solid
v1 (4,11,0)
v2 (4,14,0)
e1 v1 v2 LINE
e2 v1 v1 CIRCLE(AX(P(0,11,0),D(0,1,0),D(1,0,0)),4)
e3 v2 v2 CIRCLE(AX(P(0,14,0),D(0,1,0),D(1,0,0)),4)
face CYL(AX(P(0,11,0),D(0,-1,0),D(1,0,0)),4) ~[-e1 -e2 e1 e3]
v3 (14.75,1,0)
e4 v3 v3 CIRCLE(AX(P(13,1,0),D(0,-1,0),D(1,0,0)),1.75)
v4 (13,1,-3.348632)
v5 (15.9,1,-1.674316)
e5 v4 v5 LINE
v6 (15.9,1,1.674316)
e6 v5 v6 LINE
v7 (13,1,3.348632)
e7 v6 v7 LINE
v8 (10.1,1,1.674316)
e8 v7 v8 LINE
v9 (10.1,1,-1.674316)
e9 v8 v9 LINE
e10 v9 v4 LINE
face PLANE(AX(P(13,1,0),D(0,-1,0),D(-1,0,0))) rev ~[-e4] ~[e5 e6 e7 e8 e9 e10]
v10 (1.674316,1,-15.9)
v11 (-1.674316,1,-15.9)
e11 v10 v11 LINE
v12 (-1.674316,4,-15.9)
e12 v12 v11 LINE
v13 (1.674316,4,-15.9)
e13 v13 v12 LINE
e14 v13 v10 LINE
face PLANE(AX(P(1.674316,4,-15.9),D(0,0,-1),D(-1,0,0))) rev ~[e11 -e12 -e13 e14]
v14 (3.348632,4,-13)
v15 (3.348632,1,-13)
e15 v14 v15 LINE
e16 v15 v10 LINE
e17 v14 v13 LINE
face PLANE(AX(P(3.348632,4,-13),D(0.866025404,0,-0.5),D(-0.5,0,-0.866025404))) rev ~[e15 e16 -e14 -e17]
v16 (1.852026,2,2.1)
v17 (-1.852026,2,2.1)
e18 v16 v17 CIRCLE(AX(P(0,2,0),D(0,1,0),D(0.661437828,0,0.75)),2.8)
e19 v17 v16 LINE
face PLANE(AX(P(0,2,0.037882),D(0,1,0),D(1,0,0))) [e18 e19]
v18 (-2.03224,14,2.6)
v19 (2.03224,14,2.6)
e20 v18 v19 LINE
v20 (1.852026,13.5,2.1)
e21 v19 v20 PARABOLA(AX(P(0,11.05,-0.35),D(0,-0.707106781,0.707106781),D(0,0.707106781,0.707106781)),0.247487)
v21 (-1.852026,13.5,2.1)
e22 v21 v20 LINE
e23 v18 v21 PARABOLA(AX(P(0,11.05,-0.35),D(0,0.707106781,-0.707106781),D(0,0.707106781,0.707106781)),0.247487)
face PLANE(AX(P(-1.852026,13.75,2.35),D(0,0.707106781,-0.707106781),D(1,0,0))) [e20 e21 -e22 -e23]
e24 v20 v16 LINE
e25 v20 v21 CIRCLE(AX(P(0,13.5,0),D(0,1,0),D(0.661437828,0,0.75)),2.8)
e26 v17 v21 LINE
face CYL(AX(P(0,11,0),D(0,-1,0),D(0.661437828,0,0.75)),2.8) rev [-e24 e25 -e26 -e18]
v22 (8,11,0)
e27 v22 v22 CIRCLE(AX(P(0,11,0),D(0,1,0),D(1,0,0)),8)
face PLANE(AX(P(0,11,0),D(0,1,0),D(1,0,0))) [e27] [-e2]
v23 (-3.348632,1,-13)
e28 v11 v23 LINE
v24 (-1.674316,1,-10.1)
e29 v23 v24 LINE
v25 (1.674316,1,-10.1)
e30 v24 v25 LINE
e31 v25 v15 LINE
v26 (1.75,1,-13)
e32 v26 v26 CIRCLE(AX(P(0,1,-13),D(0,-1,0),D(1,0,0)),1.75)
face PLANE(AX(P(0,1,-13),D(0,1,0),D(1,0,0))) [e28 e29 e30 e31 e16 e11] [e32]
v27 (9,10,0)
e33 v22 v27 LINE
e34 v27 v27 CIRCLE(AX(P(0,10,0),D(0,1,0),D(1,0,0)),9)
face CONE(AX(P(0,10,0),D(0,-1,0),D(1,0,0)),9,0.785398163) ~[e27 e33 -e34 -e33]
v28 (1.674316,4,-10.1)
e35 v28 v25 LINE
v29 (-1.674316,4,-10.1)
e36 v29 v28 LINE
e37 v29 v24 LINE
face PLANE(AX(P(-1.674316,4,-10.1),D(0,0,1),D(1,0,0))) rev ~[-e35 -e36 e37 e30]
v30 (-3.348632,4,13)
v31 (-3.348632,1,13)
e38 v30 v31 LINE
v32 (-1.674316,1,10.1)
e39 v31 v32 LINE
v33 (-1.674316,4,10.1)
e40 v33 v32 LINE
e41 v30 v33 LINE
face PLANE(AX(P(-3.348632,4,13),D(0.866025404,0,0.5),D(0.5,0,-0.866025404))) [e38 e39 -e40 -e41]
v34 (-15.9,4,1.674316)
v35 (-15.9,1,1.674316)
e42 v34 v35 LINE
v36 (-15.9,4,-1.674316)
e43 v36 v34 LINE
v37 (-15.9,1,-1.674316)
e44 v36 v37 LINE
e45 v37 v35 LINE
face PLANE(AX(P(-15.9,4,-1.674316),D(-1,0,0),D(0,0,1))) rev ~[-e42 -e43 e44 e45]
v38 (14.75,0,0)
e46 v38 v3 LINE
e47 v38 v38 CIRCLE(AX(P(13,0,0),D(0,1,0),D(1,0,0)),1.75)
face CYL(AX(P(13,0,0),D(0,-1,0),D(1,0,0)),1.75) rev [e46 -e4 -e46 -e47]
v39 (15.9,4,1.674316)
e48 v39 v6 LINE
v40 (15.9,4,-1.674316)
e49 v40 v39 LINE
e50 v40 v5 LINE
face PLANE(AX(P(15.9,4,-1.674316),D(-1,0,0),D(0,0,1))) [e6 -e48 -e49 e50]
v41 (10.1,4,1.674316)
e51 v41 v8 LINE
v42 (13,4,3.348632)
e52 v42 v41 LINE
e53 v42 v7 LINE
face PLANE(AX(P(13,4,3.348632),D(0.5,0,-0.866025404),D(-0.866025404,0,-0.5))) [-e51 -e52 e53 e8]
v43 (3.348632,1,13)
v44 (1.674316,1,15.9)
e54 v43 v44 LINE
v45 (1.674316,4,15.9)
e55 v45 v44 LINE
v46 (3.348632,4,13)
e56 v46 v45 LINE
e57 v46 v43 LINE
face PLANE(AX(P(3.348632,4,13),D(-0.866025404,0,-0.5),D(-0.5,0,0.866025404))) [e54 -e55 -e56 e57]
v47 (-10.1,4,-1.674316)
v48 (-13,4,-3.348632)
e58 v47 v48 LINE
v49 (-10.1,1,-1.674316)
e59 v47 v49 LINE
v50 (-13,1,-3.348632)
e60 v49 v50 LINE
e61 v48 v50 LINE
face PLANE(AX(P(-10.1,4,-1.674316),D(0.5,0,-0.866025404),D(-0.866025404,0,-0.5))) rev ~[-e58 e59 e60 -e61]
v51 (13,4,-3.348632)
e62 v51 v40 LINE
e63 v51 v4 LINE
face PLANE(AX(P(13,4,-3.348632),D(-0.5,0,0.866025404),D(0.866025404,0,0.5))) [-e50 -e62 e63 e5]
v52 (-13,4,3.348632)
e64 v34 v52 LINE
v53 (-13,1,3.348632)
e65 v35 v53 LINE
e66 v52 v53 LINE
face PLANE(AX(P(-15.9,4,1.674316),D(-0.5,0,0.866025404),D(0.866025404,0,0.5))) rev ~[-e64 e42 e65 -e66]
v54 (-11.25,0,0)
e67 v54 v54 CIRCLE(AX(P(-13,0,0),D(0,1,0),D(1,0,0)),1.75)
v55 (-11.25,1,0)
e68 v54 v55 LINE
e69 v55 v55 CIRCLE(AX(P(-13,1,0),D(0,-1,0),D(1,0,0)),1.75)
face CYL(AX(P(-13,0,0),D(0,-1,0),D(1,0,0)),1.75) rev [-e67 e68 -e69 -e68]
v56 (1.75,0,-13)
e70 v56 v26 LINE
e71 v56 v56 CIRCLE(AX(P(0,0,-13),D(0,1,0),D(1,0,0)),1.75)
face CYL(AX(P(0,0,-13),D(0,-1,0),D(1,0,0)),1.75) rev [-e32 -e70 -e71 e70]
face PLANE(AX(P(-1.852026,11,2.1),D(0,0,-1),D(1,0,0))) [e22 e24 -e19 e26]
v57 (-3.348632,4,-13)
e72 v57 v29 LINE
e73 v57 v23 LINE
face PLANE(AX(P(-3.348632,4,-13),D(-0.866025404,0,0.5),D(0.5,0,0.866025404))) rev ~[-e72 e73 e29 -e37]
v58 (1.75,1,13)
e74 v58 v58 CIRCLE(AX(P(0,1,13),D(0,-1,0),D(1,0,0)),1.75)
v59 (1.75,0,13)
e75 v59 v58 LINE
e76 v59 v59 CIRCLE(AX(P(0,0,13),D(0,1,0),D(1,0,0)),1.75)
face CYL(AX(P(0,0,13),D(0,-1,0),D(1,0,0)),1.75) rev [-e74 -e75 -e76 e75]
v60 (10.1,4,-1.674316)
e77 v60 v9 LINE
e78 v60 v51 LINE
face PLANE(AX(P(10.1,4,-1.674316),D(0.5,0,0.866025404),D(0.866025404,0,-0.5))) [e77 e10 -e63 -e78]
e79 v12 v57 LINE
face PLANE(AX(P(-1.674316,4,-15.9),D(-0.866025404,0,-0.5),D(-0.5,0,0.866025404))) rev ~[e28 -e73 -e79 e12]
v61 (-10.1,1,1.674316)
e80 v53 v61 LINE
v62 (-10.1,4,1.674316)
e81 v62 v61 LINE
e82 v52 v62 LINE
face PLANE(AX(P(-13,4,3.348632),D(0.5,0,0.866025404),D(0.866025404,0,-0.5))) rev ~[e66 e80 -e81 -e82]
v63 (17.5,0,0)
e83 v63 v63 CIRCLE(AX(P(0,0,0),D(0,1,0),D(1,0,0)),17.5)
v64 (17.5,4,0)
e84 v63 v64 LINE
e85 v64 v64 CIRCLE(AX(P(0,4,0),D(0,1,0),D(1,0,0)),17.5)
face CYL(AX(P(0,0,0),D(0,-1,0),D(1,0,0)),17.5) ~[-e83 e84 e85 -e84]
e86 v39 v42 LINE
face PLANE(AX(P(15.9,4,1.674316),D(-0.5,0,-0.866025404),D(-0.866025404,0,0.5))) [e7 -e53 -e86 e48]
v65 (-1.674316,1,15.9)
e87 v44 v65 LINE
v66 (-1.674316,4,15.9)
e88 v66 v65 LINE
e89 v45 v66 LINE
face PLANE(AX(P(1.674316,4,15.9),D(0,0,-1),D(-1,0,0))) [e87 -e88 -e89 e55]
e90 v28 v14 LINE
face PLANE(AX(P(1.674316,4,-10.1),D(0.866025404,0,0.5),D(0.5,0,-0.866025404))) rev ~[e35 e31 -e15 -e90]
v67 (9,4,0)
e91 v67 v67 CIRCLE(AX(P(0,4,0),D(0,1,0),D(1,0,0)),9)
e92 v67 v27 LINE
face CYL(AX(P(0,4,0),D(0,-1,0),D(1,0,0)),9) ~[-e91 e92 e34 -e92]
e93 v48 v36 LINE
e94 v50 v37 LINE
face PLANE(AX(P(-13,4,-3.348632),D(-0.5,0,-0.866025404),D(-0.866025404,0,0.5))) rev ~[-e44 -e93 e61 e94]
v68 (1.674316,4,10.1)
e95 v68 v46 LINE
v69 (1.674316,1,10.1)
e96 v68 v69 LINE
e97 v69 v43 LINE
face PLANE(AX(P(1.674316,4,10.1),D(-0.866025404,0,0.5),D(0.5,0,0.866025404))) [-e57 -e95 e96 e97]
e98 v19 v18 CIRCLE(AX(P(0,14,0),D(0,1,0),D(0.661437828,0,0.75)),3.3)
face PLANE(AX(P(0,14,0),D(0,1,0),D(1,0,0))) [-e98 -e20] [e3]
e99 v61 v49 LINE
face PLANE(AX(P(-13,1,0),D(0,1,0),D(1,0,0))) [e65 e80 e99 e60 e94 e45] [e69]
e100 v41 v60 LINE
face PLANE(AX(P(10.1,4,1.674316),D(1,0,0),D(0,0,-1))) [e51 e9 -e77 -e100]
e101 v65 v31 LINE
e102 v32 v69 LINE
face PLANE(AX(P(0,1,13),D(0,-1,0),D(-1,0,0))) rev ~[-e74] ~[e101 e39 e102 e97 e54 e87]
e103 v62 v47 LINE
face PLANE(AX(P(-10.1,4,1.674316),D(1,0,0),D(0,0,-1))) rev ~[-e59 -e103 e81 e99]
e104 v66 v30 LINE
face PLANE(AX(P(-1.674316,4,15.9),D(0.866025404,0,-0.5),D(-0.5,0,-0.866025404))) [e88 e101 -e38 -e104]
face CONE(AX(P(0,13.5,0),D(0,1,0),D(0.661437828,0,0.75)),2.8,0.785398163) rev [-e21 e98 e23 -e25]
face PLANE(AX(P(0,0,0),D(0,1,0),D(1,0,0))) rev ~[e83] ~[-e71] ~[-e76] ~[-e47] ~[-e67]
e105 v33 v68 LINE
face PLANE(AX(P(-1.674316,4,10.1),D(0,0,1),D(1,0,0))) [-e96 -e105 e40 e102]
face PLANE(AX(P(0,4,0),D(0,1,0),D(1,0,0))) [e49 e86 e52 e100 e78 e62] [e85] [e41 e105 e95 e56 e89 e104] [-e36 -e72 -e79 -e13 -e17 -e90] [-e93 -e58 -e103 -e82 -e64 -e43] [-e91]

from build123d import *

# Parameters (mm, degrees)
SKETCH_1_R          = 17.5
SKETCH_1_R_2        = 1.75
EXTRUDE_1_DEPTH     = 4
CUT_EXTRUDE_1_DEPTH = 3
SKETCH_3_R          = 9
EXTRUDE_2_DEPTH     = 7
CUT_EXTRUDE_2_DEPTH = 2
SKETCH_6_R          = 4
EXTRUDE_3_DEPTH     = 3
CHAMFER_1_SIZE      = 1
CHAMFER_2_SIZE      = 0.5


with BuildPart() as part:
    # Эскиз1 → Бобышка-Вытянуть1 (new body)
    with BuildSketch(Plane(origin=(0, 0, 0), x_dir=(1, 0, 0), z_dir=(0, 1, 0))):
        Circle(SKETCH_1_R)
        with Locations((13, 0)):
            Circle(SKETCH_1_R_2, mode=Mode.SUBTRACT)
        with Locations((0, -13)):
            Circle(SKETCH_1_R_2, mode=Mode.SUBTRACT)
        with Locations((-13, 0)):
            Circle(SKETCH_1_R_2, mode=Mode.SUBTRACT)
        with Locations((0, 13)):
            Circle(SKETCH_1_R_2, mode=Mode.SUBTRACT)
    extrude(amount=EXTRUDE_1_DEPTH)

    # Эскиз2 → Вырез-Вытянуть1 (cut)
    with BuildSketch(Plane(origin=(0, 4, 0), x_dir=(1, 0, 0), z_dir=(0, 1, 0))):
        Polygon((3.348631561, 13), (1.674315781, 15.9), (-1.674315781, 15.9), (-3.348631561, 13), (-1.674315781, 10.1), (1.674315781, 10.1), align=None)
        Polygon((-13, -3.348631561), (-10.1, -1.674315781), (-10.1, 1.674315781), (-13, 3.348631561), (-15.9, 1.674315781), (-15.9, -1.674315781), align=None)
        Polygon((15.9, -1.674315781), (13, -3.348631561), (10.1, -1.674315781), (10.1, 1.674315781), (13, 3.348631561), (15.9, 1.674315781), align=None)
        Polygon((1.674315781, -10.1), (3.348631561, -13), (1.674315781, -15.9), (-1.674315781, -15.9), (-3.348631561, -13), (-1.674315781, -10.1), align=None)
    extrude(amount=-CUT_EXTRUDE_1_DEPTH, mode=Mode.SUBTRACT)

    # Эскиз3 → Бобышка-Вытянуть2 (add)
    with BuildSketch(Plane(origin=(0, 4, 0), x_dir=(1, 0, 0), z_dir=(0, 1, 0))):
        Circle(SKETCH_3_R)
        with BuildLine():
            Line((-1.852025918, -2.1), (1.852025918, -2.1))
            ThreePointArc((1.852025918, -2.1), (0, 2.8), (-1.852025918, -2.1))
        make_face(mode=Mode.SUBTRACT)
    extrude(amount=EXTRUDE_2_DEPTH)

    # Эскиз4 → Вырез-Вытянуть2 (cut)
    with BuildSketch(Plane(origin=(0, 4, 0), x_dir=(1, 0, 0), z_dir=(0, 1, 0))):
        with BuildLine():
            Line((-1.852025918, -2.1), (1.852025918, -2.1))
            ThreePointArc((1.852025918, -2.1), (0, 2.8), (-1.852025918, -2.1))
        make_face()
    extrude(amount=-CUT_EXTRUDE_2_DEPTH, mode=Mode.SUBTRACT)

    # Эскиз6 → Бобышка-Вытянуть3 (add)
    with BuildSketch(Plane(origin=(0, 11, 0), x_dir=(1, 0, 0), z_dir=(0, 1, 0))):
        Circle(SKETCH_6_R)
        with BuildLine():
            Line((-1.852025918, -2.1), (1.852025918, -2.1))
            ThreePointArc((1.852025918, -2.1), (0, 2.8), (-1.852025918, -2.1))
        make_face(mode=Mode.SUBTRACT)
    extrude(amount=EXTRUDE_3_DEPTH)

    # Фаска1
    chamfer_1_edges = [part.edges().sort_by_distance(p)[0] for p in [
        (-9, 11, 0),
    ]]
    chamfer(chamfer_1_edges, length=CHAMFER_1_SIZE)

    # Фаска2
    chamfer_2_edges = [part.edges().sort_by_distance(p)[0] for p in [
        (0, 14, -2.8),
        (0, 14, 2.1),
    ]]
    chamfer(chamfer_2_edges, length=CHAMFER_2_SIZE)


solid = part.part
